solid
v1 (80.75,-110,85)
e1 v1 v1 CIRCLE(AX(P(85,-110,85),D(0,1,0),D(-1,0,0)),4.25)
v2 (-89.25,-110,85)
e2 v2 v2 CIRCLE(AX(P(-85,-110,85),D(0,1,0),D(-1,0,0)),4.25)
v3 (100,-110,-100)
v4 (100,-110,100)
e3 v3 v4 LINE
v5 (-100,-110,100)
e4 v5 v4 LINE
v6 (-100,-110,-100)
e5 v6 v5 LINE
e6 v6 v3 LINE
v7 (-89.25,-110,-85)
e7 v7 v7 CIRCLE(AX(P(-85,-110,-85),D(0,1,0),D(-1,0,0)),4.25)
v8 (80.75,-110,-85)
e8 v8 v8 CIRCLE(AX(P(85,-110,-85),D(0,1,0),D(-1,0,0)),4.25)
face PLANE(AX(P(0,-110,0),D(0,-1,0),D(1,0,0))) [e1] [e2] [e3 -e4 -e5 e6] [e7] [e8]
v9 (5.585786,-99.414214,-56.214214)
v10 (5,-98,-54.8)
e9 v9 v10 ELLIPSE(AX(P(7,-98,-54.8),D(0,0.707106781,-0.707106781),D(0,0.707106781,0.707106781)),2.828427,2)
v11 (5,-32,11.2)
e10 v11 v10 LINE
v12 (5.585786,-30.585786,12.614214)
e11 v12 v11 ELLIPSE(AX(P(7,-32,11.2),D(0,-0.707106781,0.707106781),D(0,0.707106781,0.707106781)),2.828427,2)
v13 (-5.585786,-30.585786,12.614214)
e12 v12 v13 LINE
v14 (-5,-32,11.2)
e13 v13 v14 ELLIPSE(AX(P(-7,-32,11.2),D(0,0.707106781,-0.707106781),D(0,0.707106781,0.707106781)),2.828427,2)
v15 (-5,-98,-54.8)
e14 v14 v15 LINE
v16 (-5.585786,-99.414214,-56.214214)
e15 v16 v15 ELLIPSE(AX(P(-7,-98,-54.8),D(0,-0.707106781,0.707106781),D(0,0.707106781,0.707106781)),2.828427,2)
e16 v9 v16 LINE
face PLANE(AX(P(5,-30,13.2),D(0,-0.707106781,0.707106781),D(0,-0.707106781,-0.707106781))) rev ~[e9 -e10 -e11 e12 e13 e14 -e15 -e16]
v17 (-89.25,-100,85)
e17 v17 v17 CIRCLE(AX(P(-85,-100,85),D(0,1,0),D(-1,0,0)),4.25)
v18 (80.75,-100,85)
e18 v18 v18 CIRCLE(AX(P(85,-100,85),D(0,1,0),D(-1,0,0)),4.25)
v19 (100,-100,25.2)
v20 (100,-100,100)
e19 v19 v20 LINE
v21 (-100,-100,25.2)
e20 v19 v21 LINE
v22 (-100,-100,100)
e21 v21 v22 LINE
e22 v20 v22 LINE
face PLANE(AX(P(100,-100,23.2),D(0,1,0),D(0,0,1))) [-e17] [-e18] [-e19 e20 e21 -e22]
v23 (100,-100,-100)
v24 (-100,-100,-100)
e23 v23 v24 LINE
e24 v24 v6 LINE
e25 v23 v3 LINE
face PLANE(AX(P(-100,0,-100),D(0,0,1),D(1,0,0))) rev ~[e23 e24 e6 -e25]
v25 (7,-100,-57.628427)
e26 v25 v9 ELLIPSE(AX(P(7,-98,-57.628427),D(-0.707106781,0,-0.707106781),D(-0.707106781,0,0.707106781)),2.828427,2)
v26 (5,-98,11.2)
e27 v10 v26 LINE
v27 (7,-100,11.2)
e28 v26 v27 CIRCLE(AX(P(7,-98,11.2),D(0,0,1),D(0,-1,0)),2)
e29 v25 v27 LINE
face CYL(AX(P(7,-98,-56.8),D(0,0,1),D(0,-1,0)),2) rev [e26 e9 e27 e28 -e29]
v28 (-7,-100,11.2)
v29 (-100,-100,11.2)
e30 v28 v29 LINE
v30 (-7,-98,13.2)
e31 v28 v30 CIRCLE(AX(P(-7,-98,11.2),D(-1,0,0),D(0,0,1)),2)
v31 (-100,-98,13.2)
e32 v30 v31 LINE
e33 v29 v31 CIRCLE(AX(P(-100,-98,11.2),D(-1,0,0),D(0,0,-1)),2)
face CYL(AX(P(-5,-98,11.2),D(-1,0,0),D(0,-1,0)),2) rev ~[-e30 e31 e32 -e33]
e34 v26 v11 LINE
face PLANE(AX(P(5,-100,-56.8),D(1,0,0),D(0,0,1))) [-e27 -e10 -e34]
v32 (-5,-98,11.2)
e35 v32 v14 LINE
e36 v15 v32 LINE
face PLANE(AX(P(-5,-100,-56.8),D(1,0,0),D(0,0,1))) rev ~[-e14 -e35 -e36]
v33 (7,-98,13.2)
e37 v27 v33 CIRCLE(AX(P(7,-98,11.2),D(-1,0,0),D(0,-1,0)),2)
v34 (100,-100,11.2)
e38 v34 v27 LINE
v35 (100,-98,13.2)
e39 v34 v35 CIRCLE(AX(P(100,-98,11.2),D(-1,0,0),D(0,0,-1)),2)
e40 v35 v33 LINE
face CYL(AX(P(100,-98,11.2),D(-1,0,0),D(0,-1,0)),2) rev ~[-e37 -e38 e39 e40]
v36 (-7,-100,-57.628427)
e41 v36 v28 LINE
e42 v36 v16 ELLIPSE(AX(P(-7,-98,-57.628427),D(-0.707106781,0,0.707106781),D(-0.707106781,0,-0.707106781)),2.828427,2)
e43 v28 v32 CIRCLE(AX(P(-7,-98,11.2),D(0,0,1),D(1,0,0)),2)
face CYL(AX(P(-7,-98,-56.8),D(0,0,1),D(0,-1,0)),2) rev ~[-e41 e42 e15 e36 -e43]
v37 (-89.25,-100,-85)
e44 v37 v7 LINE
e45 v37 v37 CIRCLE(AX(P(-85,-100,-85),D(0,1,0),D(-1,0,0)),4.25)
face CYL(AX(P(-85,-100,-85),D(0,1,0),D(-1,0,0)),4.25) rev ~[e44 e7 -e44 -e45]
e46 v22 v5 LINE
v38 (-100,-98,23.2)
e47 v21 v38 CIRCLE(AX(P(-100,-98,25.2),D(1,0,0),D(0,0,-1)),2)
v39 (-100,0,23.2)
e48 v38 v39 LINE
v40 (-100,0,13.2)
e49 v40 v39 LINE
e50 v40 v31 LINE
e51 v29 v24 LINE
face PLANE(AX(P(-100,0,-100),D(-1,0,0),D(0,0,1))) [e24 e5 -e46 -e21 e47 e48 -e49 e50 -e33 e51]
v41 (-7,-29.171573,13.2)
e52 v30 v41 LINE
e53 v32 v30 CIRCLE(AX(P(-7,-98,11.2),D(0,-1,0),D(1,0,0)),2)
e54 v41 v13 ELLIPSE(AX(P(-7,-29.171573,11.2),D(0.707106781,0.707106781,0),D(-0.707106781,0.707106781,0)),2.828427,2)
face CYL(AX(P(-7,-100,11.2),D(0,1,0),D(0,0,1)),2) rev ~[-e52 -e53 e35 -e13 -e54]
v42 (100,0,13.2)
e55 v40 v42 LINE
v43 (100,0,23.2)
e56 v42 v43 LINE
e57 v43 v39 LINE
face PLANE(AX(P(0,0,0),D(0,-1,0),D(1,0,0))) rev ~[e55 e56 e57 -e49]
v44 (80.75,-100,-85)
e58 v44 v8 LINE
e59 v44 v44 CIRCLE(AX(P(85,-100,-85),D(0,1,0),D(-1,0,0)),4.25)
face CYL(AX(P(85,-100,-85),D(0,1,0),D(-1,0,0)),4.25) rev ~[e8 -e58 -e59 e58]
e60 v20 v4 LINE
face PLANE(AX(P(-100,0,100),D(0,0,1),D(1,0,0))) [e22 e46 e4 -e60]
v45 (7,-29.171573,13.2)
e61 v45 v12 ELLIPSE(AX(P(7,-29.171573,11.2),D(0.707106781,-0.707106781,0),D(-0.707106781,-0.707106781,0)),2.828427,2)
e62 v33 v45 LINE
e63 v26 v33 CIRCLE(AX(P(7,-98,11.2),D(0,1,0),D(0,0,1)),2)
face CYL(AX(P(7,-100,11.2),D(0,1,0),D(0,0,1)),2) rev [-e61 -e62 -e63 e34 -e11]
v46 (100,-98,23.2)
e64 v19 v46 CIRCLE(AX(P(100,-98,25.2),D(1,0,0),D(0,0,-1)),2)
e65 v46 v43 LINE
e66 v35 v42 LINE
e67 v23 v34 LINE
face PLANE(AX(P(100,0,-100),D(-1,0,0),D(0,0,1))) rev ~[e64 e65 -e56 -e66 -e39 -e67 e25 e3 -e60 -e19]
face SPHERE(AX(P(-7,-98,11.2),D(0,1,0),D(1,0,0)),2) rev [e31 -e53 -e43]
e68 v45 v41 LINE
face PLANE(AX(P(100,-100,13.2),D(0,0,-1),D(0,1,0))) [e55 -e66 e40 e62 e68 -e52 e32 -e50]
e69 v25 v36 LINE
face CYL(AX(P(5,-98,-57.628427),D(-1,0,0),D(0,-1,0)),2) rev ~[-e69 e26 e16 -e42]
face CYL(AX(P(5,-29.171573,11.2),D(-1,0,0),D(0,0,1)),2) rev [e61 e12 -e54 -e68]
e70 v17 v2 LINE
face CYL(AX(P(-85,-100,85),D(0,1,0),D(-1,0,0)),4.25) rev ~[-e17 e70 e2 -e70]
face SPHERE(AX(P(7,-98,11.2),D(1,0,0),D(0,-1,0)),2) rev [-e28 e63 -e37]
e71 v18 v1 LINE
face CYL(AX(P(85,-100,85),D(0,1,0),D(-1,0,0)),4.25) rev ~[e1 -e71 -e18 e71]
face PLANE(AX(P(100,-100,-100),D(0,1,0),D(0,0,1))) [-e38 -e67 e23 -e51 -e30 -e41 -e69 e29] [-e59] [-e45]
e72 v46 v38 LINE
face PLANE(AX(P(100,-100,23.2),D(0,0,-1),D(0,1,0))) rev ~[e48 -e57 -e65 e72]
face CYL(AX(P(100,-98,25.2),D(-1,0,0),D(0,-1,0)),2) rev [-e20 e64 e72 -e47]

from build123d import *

# Parameters (mm, degrees)
F0_W     = 200
F0_H     = 200
F1_DEPTH = 110
F2_W     = 100
F2_H     = 76.8
F2_H_2   = 113.2
F3_DEPTH = 200
F4_W     = 10
F4_H     = 70
F5_DEPTH = 100
F7_DEPTH = 200
F8_R     = 4.25
F9_DEPTH = 10
F10_R    = 2


with BuildPart() as f1:
    # F0 (on Front) → F1 (new body)
    with BuildSketch(Plane.XZ):
        Rectangle(F0_W, F0_H)
    extrude(amount=F1_DEPTH)

    # F2 (on face) → F3 (cut)
    with BuildSketch(Plane.YZ.offset(100)):
        with Locations((-50, 61.6)):
            Rectangle(F2_W, F2_H)
        with Locations((-50, -43.4)):
            Rectangle(F2_W, F2_H_2)
    extrude(amount=-F3_DEPTH, mode=Mode.SUBTRACT)

    # F4 (on face) → F5 (join)
    with BuildSketch(Plane(origin=(0, -100, 0), x_dir=(-1, 0, 0), z_dir=(0, 1, 0))):
        with Locations((0, -21.8)):
            Rectangle(F4_W, F4_H)
    extrude(amount=F5_DEPTH)

    # F6 (on face) → F7 (cut)
    with BuildSketch(Plane.YZ.offset(5)):
        Polygon((0, 13.2), (-30, 13.2), (-100, -56.8), (0, -56.8), align=None)
    extrude(amount=-F7_DEPTH, mode=Mode.SUBTRACT)

    # F8 (on face) → F9 (cut)
    with BuildSketch(Plane(origin=(0, -100, 0), x_dir=(-1, 0, 0), z_dir=(0, 1, 0))):
        with Locations((-85, 85)):
            Circle(F8_R)
        with Locations((85, 85)):
            Circle(F8_R)
        with Locations((85, -85)):
            Circle(F8_R)
        with Locations((-85, -85)):
            Circle(F8_R)
    extrude(amount=-F9_DEPTH, mode=Mode.SUBTRACT)

    # F10
    f10_edges = [f1.edges().sort_by_distance(p)[0] for p in [
        (0, -100, 23.2),
        (52.5, -100, 13.2),
        (5, -100, -21.8),
        (5, -65, 13.2),
        (0, -30, 13.2),
        (0, -100, -56.8),
        (-5, -65, 13.2),
        (-5, -100, -21.8),
        (-52.5, -100, 13.2),
    ]]
    fillet(f10_edges, radius=F10_R)


solid = f1.part
